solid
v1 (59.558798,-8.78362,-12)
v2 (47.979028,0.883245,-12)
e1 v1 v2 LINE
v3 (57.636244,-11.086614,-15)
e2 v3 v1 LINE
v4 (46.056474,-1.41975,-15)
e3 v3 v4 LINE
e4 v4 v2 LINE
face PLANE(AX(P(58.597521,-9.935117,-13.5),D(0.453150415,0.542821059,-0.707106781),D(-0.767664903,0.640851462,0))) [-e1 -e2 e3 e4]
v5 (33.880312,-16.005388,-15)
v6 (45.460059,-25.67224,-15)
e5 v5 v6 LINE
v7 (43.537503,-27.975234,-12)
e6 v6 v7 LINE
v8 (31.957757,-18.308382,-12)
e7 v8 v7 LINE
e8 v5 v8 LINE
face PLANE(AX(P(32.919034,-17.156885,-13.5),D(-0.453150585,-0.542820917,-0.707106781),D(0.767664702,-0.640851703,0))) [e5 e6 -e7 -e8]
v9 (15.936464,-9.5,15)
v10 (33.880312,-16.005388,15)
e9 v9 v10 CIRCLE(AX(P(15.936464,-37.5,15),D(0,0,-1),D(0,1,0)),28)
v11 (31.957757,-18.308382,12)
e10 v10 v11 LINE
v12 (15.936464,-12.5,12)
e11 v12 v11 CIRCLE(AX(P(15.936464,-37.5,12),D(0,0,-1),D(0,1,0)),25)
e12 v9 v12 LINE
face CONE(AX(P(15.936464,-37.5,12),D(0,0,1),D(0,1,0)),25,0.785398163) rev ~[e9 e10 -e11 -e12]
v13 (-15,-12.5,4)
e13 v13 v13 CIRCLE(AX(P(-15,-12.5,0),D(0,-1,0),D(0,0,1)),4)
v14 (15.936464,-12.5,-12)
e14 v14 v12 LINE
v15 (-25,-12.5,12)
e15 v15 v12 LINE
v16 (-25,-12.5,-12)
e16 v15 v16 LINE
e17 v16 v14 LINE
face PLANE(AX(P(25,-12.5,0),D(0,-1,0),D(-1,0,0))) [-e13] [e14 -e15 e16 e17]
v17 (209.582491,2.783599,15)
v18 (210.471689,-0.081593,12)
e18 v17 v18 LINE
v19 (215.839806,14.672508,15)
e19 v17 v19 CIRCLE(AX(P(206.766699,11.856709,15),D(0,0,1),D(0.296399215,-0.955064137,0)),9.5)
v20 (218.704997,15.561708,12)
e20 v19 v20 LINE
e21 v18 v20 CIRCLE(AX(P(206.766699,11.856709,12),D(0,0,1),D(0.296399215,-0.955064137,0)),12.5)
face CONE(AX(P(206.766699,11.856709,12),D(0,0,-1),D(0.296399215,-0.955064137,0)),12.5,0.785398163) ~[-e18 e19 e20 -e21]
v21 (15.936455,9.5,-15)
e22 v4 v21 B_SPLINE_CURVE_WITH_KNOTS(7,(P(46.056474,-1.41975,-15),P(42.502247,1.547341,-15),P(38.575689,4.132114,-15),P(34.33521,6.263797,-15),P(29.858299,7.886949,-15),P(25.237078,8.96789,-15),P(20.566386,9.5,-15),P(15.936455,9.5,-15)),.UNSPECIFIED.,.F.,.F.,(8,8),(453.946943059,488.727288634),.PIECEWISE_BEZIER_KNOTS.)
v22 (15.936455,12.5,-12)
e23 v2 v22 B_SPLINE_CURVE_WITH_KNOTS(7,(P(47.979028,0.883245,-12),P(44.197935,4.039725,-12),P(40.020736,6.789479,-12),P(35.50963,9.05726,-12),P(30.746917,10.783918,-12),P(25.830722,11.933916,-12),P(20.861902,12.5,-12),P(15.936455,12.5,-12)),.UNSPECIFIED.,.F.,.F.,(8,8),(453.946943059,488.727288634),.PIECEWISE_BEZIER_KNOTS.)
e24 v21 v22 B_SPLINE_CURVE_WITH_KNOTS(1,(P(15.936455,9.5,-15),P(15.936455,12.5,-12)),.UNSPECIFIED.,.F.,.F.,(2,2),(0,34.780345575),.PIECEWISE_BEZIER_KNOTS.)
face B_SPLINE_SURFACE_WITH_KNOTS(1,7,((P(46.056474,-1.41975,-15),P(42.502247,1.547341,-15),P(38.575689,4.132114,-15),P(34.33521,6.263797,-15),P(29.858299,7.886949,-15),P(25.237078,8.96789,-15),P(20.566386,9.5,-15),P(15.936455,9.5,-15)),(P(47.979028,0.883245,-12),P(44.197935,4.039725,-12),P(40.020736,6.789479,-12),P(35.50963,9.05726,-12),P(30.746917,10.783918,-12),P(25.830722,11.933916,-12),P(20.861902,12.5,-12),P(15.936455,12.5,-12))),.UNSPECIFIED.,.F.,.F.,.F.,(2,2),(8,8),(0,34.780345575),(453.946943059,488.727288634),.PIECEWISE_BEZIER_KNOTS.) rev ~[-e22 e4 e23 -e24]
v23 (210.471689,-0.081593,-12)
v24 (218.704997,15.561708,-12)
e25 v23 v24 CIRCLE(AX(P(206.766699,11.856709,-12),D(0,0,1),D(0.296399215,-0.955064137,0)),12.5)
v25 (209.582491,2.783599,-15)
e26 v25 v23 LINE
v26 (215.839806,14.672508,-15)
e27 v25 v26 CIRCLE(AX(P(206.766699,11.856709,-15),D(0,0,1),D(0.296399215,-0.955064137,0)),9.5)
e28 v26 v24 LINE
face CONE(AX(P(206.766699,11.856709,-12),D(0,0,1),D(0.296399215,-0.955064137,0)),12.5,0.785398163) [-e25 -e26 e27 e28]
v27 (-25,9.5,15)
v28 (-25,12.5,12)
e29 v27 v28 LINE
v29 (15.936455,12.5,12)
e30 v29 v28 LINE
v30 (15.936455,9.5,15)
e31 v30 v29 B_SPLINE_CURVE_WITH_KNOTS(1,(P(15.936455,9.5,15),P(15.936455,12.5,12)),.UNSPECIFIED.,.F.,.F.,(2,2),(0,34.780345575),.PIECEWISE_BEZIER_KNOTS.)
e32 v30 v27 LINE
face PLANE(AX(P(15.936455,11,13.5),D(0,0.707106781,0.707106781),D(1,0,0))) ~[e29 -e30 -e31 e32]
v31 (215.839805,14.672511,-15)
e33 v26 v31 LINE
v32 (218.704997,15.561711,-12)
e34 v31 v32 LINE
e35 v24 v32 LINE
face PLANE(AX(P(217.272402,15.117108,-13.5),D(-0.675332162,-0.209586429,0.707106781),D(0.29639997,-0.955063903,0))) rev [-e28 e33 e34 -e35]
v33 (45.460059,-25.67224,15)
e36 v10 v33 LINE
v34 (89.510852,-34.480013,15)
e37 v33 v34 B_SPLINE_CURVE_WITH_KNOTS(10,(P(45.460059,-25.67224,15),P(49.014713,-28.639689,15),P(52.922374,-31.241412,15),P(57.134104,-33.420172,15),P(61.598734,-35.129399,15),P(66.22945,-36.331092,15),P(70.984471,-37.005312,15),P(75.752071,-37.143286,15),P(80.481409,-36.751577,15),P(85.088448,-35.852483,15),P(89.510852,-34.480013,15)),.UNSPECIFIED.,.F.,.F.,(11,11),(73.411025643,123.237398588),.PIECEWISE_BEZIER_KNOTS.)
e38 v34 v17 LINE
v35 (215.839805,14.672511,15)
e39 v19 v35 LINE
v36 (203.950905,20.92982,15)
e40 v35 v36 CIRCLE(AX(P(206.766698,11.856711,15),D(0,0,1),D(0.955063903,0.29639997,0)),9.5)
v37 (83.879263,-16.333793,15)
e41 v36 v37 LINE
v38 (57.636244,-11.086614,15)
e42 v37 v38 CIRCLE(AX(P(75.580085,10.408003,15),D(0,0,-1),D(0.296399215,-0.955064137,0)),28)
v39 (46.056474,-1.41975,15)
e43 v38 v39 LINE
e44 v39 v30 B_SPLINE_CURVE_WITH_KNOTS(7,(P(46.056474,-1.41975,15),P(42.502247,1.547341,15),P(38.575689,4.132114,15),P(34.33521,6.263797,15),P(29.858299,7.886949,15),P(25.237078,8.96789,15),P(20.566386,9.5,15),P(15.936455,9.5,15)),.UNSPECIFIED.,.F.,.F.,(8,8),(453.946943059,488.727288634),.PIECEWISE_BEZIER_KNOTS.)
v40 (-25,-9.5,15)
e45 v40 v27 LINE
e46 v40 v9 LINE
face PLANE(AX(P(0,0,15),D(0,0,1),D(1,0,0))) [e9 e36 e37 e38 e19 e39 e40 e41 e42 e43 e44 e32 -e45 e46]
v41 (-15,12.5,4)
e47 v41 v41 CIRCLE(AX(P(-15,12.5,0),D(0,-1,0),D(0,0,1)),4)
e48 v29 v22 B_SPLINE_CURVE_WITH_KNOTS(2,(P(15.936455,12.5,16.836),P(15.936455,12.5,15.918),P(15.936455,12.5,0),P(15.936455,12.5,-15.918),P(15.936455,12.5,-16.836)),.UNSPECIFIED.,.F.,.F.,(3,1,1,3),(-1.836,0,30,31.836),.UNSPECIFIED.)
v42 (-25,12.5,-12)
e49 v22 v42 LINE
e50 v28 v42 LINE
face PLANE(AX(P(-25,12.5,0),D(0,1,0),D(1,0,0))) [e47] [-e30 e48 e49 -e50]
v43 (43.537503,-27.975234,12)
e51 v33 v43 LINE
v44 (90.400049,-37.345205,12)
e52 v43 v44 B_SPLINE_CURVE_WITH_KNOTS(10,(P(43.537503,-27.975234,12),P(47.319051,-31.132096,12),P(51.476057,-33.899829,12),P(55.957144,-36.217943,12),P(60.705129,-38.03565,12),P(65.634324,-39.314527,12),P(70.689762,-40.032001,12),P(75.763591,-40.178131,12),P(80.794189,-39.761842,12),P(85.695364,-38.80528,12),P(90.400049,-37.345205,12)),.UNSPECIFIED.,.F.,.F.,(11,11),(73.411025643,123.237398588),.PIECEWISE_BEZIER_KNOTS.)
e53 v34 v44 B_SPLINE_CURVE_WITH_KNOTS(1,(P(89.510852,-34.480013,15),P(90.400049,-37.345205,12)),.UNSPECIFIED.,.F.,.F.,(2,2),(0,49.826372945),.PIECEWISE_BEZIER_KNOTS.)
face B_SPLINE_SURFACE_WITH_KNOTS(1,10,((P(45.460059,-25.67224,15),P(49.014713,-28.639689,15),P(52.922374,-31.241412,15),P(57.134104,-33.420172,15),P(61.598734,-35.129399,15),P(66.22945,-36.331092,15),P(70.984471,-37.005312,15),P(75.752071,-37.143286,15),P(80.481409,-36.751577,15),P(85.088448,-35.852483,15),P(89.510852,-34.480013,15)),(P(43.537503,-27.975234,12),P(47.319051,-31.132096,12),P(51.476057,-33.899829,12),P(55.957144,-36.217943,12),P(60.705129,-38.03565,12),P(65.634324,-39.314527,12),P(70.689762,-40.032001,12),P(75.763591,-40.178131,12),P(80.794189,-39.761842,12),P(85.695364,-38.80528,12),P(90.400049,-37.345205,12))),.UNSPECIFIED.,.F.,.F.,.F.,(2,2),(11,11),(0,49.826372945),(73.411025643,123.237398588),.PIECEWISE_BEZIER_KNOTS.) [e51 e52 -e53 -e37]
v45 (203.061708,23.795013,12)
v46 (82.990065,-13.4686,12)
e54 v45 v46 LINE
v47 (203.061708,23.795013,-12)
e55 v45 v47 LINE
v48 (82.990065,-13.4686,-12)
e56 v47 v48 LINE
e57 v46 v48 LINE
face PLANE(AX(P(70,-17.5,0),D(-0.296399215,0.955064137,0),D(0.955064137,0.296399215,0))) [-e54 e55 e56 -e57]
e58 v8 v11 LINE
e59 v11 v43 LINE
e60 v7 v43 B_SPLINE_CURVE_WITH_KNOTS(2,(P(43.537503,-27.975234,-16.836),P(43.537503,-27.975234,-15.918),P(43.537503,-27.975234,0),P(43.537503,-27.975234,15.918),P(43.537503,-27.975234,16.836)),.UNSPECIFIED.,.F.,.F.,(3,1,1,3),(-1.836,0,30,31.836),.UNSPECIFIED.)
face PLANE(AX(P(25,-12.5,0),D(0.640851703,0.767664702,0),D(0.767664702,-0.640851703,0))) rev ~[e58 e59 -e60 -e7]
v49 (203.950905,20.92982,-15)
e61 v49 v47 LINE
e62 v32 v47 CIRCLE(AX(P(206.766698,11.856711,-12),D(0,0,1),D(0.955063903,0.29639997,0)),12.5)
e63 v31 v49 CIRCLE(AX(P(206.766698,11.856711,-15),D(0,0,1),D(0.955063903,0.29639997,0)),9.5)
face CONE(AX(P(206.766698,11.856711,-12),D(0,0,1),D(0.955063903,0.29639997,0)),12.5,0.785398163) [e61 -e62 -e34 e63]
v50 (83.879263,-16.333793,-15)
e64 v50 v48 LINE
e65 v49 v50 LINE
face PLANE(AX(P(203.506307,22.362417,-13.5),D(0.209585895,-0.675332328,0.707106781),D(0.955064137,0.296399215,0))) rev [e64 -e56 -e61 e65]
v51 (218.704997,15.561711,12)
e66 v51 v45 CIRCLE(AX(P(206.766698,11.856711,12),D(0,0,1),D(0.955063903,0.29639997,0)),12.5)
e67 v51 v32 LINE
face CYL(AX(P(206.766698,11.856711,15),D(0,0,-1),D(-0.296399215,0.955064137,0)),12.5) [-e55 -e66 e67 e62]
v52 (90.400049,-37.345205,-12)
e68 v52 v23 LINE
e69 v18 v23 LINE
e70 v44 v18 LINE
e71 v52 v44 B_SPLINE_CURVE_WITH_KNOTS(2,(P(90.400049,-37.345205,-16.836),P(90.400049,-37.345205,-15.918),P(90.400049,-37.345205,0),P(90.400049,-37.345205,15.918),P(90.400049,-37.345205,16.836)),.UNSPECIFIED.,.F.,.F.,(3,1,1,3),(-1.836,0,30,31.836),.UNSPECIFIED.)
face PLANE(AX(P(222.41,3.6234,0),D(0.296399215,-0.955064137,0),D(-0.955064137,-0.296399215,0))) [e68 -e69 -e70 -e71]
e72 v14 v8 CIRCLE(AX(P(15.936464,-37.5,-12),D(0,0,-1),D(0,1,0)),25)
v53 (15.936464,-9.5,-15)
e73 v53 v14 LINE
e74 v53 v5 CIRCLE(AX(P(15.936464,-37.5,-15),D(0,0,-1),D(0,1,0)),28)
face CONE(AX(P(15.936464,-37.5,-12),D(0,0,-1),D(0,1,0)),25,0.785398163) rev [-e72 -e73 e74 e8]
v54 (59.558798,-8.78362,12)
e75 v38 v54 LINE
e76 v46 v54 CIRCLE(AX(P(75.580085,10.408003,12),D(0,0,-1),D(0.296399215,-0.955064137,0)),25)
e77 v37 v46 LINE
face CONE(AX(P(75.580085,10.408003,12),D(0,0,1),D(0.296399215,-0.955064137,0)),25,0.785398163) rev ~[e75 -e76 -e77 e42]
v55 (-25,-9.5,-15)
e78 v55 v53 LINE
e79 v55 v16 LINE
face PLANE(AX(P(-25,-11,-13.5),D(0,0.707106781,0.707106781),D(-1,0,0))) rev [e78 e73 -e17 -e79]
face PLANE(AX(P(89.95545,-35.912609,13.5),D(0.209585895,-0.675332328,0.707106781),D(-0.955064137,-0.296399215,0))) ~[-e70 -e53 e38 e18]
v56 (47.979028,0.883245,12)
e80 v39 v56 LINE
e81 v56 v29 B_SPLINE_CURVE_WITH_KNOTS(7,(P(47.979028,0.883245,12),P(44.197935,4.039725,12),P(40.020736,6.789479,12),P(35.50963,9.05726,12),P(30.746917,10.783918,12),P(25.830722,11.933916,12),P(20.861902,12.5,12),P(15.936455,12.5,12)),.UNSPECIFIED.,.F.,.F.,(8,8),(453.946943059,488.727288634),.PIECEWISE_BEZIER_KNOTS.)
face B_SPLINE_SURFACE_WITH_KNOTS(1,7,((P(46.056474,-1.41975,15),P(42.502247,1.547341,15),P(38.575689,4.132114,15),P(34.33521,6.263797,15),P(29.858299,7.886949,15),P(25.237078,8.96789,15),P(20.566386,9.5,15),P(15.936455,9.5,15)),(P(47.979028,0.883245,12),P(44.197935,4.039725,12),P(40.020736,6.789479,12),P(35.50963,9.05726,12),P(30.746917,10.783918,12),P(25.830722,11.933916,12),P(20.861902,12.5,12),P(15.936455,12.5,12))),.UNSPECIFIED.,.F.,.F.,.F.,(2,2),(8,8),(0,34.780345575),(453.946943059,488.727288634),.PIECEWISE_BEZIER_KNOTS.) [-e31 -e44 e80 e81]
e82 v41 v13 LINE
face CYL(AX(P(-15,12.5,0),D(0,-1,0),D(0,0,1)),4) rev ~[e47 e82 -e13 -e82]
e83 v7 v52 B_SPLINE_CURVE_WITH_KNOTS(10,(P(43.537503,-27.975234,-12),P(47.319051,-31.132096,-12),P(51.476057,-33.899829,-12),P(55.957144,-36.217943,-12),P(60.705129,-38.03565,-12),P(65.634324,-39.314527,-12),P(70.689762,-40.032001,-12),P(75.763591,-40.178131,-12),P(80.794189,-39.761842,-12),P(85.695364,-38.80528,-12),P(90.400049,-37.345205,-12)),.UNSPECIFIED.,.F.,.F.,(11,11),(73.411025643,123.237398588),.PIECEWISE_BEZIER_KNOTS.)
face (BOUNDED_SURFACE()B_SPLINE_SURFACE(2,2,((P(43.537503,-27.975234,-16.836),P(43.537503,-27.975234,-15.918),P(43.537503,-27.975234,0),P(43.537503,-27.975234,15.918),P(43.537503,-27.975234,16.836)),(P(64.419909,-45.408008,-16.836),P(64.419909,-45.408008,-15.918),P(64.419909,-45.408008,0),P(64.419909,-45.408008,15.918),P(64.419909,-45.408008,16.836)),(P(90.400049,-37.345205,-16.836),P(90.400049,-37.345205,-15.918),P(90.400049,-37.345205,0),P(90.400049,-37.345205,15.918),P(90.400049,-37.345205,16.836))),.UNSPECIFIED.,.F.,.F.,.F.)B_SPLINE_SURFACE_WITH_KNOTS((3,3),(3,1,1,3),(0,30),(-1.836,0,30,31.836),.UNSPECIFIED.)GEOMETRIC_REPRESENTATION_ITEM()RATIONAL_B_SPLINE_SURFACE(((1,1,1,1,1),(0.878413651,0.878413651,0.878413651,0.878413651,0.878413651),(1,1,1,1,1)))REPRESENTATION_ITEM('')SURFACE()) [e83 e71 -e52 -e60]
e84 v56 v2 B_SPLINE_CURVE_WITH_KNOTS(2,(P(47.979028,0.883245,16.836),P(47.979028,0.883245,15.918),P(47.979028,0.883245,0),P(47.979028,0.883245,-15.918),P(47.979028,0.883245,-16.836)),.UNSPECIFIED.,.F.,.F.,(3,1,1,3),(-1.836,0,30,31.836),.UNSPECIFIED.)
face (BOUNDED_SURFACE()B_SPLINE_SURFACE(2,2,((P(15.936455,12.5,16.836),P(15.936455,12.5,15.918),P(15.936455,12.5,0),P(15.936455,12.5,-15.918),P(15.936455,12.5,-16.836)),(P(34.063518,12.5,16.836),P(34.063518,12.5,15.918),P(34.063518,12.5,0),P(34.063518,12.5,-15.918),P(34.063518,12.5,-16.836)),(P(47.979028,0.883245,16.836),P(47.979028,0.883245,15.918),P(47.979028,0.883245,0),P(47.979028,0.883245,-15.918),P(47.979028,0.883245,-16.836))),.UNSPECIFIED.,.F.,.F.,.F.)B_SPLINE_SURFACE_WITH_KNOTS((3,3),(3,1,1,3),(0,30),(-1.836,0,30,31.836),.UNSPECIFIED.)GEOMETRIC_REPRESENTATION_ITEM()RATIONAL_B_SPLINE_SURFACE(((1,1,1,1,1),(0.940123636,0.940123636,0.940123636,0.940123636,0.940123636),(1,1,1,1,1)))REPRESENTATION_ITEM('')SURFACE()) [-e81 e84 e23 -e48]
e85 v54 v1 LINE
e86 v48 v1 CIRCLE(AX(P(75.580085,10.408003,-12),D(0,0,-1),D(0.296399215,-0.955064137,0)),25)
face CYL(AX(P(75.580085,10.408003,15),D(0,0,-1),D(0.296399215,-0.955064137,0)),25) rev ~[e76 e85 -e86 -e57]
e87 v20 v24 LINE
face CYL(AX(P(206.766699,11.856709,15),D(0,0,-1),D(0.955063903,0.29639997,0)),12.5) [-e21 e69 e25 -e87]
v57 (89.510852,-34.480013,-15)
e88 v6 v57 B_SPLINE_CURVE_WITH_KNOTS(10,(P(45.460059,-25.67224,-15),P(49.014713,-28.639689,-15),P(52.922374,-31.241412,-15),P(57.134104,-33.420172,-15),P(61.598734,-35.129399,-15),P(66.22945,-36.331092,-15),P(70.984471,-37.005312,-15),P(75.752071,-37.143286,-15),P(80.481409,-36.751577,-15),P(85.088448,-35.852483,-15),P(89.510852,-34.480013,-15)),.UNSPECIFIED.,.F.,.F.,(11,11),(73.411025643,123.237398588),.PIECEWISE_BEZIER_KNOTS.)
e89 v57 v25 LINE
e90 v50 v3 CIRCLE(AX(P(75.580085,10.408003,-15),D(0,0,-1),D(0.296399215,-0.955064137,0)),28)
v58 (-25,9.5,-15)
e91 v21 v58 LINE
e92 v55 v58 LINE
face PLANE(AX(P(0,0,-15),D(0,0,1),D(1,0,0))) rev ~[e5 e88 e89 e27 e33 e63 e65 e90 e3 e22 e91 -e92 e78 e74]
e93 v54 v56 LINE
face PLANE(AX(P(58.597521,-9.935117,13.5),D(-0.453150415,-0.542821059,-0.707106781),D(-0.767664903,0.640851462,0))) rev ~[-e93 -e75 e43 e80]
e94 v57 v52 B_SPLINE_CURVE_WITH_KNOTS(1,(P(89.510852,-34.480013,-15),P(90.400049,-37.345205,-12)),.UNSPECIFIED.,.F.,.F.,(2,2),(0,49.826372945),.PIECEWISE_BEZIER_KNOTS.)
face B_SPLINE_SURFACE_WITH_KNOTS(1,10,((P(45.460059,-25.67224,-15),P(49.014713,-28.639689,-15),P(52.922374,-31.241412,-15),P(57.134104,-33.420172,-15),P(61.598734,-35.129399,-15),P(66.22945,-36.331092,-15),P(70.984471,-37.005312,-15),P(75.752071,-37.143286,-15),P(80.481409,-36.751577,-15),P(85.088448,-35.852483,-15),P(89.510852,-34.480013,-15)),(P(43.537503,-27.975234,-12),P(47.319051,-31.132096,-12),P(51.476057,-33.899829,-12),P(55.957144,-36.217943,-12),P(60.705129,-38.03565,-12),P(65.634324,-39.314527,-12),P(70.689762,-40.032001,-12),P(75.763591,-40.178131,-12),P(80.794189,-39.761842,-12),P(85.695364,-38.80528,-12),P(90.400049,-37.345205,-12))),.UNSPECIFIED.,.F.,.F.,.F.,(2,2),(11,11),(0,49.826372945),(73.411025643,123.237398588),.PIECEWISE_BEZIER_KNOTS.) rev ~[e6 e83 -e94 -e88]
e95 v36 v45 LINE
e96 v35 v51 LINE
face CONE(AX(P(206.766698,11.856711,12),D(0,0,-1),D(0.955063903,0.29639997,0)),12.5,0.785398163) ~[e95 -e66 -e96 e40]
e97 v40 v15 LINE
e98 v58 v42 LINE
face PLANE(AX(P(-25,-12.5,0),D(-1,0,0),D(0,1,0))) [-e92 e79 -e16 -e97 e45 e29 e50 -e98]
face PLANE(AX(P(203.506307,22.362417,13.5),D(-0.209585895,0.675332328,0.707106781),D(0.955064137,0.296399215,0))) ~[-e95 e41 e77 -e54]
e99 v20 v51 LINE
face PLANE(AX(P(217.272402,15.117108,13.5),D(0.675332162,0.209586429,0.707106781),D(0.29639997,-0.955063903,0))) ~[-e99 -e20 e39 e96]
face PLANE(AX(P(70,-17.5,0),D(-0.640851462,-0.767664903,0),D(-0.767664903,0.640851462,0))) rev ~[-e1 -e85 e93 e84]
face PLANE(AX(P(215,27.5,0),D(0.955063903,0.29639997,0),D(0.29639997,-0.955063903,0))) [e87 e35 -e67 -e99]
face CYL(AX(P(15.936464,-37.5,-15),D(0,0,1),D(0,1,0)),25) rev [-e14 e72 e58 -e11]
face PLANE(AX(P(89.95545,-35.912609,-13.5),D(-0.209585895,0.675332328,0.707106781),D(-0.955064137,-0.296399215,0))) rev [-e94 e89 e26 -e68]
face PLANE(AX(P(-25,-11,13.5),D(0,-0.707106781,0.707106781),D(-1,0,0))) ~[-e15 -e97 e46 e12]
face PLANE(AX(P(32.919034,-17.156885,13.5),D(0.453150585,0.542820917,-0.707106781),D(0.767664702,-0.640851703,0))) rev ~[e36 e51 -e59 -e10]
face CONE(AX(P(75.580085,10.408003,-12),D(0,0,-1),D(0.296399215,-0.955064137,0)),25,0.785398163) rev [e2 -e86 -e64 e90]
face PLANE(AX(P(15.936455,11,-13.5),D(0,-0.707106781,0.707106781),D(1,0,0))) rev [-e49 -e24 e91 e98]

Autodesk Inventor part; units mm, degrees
ref_plane "YZ Plane" through (0, 0, 0) normal (1, 0, 0) x (0, 1, 0)
ref_plane "XZ Plane" through (0, 0, 0) normal (0, 1, 0) x (-1, 0, 0)
ref_plane "XY Plane" through (0, 0, 0) normal (0, 0, 1) x (1, 0, 0)
sketch "Sketch1" plane through (0, 0, 0) normal (0, 0, 1) x (1, 0, 0)
  line L0 (25, -12.5) -> (-25, -12.5)
  line L1 (-25, -12.5) -> (-25, 12.5)
  line L2 (-25, 12.5) -> (25, 12.5)
  line L3 (25, -12.5) -> (-25, 12.5) construction
  line L4 (-25, -12.5) -> (25, 12.5) construction
  line L5 (25, 12.5) -> (70, 12.5) construction
  line L6 (70, 12.5) -> (70, -17.5) construction
  line L7 (70, -17.5) -> (70, 27.5) construction
  line L8 (70, 27.5) -> (215, 27.5) construction
  line L9 (25, -12.5) -> (64.4199, -45.408)
  line L10 (70, -17.5) -> (41.0213, 6.6916)
  line L11 (70, -17.5) -> (215, 27.5)
  line L12 (215, 27.5) -> (222.41, 3.6234)
  line L13 (222.41, 3.6234) -> (77.41, -41.3766)
  line L14 (41.0213, 6.6916) -> (34.0635, 12.5)
  line L15 (25, 12.5) -> (34.0635, 12.5)
  line L16 (77.41, -41.3766) -> (64.4199, -45.408)
  point P0 (0, 0)
  dimension "d3" = 30
  dimension "d5" = 50
  dimension "d6" = 25
  dimension "d7" = 45
  dimension "d8" = 45
  dimension "d9" = 145
  dimension "d12" = 25
  dimension "d13" = 25
extrude "Extrusion1" add sketch "Sketch1" along normal mid plane 30
fillet "Fillet1" radius 50 1 edges at (34.0635, 12.5, 0)
fillet "Fillet2" radius 25 1 edges at (25, -12.5, 0)
fillet "Fillet3" radius 50 1 edges at (64.4199, -45.408, 0)
fillet "Fillet4" radius 25 1 edges at (70, -17.5, 0)
fillet "Fillet5" radius 12.5 2 edges at (215, 27.5, 0) (222.41, 3.6234, 0)
chamfer "Chamfer1" distance 3 angle 45 18 edges at (32.9782, 9.5062, 15) (53.7689, -3.9502, 15) (143.0261, 5.1633, 15) (212.5886, 22.9184, 15) (150.4361, -18.7133, 15) (65.7768, -38.6215, 15) (37.7476, -23.1418, 15) (-4.5318, -12.5, 15) (-4.5318, 12.5, 15) (32.9782, 9.5062, -15) (-4.5318, 12.5, -15) (53.7689, -3.9502, -15) (143.0261, 5.1633, -15) (212.5886, 22.9184, -15) (150.4361, -18.7133, -15) (65.7768, -38.6215, -15) (37.7476, -23.1418, -15) (-4.5318, -12.5, -15)
sketch "Sketch2" plane through (-25, 12.5, -12) normal (0, 1, 0) x (1, 0, 0)
  line L0 (0, 0) -> (0, -24) projected
  point P0 (25, -12)
  point P1 (10, -12)
  dimension "d24" = 10
hole "Hole1" at (-15, 12.5, 0) direction (0, -1, 0) diameter 8 end through all
properties part number "Robot_support"
